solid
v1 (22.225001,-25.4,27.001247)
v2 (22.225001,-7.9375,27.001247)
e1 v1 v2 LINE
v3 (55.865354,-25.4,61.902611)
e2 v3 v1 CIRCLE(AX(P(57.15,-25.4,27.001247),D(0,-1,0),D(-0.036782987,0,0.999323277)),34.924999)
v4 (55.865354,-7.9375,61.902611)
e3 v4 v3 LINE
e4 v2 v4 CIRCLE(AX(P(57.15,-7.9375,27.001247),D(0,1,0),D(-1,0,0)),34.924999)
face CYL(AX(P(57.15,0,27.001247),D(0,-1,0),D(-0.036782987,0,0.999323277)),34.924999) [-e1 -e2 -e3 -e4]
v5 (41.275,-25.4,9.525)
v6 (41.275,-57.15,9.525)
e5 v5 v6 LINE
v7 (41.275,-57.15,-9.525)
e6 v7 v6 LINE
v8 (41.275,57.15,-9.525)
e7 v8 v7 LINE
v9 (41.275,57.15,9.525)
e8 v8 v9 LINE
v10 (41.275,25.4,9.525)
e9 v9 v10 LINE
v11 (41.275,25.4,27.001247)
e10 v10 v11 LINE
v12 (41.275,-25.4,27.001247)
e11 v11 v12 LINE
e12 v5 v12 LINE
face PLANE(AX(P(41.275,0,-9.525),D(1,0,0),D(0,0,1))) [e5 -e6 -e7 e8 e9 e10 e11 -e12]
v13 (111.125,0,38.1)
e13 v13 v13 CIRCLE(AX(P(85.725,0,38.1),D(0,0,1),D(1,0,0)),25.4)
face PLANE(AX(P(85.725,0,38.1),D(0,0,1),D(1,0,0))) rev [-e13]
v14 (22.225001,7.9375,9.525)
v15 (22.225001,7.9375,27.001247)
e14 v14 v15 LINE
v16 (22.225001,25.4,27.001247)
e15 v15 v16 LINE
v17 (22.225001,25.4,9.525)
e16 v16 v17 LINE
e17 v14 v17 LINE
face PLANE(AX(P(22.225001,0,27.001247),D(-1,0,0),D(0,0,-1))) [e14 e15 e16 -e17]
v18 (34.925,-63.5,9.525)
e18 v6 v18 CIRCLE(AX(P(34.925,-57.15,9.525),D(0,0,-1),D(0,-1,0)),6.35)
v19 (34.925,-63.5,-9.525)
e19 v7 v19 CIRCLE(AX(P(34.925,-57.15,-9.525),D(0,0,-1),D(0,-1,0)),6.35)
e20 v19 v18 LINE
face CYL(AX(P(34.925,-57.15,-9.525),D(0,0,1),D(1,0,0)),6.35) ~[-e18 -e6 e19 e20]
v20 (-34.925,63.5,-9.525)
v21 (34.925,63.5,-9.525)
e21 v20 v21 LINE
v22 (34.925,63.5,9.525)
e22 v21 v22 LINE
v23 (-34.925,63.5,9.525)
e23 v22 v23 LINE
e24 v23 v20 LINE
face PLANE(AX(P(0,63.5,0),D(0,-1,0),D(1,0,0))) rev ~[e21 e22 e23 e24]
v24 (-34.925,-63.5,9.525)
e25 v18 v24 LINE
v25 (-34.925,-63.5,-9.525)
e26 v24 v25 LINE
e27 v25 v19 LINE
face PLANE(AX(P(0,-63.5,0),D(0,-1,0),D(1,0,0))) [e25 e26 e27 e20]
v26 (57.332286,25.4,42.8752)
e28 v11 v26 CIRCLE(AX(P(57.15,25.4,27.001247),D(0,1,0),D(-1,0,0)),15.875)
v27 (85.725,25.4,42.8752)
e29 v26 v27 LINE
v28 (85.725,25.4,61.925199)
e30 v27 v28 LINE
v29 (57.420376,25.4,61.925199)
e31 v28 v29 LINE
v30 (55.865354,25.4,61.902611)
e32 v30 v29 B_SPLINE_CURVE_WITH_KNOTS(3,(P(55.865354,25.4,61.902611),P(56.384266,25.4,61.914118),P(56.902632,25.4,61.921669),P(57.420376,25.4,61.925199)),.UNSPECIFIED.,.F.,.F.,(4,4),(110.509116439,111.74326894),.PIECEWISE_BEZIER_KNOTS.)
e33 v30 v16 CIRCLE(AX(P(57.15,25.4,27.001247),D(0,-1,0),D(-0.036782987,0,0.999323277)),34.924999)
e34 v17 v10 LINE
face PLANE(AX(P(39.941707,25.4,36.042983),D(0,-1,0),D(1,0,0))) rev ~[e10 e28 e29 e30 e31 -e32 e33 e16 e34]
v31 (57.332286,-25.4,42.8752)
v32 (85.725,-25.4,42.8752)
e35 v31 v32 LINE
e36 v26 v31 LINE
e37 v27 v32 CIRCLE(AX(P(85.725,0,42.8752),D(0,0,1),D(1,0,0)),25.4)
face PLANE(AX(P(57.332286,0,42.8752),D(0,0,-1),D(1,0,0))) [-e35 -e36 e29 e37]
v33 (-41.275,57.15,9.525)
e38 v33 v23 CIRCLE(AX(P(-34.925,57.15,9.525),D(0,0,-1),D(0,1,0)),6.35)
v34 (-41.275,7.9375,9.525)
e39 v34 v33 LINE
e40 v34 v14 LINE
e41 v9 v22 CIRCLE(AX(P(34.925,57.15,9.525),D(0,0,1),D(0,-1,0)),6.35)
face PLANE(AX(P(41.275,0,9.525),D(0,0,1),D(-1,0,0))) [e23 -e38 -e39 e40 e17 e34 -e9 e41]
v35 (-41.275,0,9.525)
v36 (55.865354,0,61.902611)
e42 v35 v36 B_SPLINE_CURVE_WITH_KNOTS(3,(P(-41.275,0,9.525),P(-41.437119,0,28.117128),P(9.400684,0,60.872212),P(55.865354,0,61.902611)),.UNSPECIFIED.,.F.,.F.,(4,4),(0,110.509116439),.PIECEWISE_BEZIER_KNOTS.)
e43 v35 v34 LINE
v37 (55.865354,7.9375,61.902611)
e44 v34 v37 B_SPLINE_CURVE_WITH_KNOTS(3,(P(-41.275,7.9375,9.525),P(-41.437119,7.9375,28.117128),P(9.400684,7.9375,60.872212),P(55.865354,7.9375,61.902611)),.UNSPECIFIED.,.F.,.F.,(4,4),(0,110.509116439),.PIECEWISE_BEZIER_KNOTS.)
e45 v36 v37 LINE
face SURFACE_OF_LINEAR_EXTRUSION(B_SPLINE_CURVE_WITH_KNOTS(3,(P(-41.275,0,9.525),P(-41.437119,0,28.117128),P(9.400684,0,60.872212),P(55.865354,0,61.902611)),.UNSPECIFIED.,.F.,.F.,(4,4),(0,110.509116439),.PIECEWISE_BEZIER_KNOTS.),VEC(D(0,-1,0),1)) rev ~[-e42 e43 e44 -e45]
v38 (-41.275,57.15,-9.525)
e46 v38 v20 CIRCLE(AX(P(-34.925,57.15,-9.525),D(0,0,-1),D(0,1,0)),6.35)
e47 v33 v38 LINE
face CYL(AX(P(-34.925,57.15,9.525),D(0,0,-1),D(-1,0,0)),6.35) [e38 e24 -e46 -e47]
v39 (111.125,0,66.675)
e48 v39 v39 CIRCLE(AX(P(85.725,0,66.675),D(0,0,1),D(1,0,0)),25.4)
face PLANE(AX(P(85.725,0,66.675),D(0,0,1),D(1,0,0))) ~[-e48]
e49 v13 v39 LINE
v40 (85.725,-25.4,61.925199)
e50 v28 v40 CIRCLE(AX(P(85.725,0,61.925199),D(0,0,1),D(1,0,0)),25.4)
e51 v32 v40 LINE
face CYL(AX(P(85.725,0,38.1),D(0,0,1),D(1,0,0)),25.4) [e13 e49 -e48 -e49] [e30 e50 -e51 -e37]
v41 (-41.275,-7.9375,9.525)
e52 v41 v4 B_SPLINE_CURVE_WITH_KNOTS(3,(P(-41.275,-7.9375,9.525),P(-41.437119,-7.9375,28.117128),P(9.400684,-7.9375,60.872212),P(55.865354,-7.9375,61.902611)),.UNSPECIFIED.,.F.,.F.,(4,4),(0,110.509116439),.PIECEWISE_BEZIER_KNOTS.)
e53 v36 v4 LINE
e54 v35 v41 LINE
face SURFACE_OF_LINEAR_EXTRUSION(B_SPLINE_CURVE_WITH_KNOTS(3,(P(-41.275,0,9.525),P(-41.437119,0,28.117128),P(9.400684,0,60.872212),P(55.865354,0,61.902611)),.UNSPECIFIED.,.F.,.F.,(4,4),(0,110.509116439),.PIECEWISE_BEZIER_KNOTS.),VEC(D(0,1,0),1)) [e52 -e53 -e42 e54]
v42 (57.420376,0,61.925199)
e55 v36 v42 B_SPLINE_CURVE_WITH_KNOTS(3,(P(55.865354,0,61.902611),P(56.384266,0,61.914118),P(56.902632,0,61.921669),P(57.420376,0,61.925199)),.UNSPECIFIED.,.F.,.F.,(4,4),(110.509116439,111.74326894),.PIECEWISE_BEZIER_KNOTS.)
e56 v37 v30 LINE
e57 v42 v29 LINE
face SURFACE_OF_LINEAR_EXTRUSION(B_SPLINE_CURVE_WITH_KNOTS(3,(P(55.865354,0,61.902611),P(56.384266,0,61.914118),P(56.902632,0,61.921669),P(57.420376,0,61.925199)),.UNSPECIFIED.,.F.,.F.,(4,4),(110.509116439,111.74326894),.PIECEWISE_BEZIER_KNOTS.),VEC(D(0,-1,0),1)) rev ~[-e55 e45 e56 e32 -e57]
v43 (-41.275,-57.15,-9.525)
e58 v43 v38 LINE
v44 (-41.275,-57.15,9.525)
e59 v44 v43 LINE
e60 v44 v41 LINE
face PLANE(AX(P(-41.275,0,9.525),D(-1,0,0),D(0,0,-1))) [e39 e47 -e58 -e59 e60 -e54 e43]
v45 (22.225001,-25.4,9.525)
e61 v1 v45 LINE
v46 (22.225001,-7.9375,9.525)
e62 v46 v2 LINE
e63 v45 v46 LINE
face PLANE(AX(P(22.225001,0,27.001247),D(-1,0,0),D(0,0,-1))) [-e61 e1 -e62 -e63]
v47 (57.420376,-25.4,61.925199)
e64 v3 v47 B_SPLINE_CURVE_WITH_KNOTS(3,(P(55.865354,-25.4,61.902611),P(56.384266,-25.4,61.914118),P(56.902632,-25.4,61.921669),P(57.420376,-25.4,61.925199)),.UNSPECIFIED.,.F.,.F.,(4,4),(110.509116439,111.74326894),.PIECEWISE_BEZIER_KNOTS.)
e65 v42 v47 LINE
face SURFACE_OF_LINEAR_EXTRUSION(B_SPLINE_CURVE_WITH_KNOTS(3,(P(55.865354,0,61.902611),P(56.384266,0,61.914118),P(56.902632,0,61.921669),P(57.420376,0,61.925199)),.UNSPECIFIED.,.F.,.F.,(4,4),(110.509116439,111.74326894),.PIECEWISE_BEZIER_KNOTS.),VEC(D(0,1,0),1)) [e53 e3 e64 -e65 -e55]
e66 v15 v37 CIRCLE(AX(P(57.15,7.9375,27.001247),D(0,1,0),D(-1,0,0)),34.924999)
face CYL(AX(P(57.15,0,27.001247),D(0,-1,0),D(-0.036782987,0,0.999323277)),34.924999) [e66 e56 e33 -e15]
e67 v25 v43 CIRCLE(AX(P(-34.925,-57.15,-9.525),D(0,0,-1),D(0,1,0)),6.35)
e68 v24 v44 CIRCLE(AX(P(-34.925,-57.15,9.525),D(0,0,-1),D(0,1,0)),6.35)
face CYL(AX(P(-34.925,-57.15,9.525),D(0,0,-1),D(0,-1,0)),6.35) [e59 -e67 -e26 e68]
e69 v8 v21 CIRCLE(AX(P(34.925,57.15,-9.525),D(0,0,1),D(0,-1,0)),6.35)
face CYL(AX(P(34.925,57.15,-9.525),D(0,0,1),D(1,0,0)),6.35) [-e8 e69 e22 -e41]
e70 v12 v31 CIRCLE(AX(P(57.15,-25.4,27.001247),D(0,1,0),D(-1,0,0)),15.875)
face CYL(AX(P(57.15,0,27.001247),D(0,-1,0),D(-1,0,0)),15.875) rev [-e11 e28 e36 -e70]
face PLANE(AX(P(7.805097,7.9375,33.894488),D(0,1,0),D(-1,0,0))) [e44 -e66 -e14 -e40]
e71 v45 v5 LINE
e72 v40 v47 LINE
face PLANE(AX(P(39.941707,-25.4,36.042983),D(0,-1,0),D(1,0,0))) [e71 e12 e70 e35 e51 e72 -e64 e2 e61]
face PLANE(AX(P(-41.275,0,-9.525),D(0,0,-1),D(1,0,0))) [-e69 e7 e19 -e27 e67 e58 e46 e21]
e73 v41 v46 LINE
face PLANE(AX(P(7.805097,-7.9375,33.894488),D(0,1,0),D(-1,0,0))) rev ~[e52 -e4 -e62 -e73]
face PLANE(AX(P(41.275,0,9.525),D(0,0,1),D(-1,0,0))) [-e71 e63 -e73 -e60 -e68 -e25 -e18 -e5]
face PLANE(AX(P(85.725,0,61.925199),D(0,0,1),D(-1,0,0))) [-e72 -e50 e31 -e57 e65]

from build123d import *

# Parameters (mm, degrees)
F1_DEPTH = 63.5
F0_W     = 25.4
F0_H     = 19.0499988828
F2_DEPTH = 25.4
F3_DEPTH = 7.9375
F0_H_2   = 4.7498011172
F5_R     = 6.35


with BuildPart() as f1:
    # F0 (on Front) → F1 (new body, symmetric)
    with BuildSketch(Plane.XZ):
        Polygon((-41.275, -9.525), (41.275, -9.525), (41.275, 9.525), (22.2250011172, 9.525), (-41.275, 9.525), align=None)
    extrude(amount=F1_DEPTH, both=True)

    # F0 (on Front) → F2 (join, symmetric)
    with BuildSketch(Plane.XZ):
        with BuildLine():
            Line((22.2250011172, 9.525), (41.275, 9.525))
            Line((41.275, 9.525), (41.275, 27.0012465922))
            ThreePointArc((41.275, 27.0012465922), (45.989313778, 38.2908306436), (57.332286054, 42.8752))
            Line((57.332286054, 42.8752), (60.325, 42.8752))
            Line((60.325, 42.8752), (60.325, 61.9251988828))
            Line((60.325, 61.9251988828), (57.420376338, 61.9251988828))
            add(Edge.make_bspline(
                [(55.8653542089, 61.902610923), (56.3842660516, 61.9141182995), (56.9026324706, 61.9216689247), (57.420376338, 61.9251988828)],
                knots=[110.5091164391, 110.5091164391, 110.5091164391, 110.5091164391, 111.7432689403, 111.7432689403, 111.7432689403, 111.7432689403], degree=3))
            ThreePointArc((55.8653542089, 61.902610923), (32.0042071135, 51.2385040086), (22.2250011172, 27.0012465922))
            Line((22.2250011172, 27.0012465922), (22.2250011172, 9.525))
        make_face()
        with Locations((73.025, 52.4001994414)):
            Rectangle(F0_W, F0_H)
    extrude(amount=F2_DEPTH, both=True)

    # F0 (on Front) → F3 (join, symmetric)
    with BuildSketch(Plane.XZ):
        with BuildLine():
            add(Edge.make_bspline(
                [(-41.275, 9.525), (-41.4371192088, 28.1171277164), (9.4006837592, 60.8722115153), (55.8653542089, 61.902610923)],
                knots=[0, 0, 0, 0, 110.5091164391, 110.5091164391, 110.5091164391, 110.5091164391], degree=3))
            Line((-41.275, 9.525), (22.2250011172, 9.525))
            Line((22.2250011172, 9.525), (22.2250011172, 27.0012465922))
            ThreePointArc((22.2250011172, 27.0012465922), (32.0042071135, 51.2385040086), (55.8653542089, 61.902610923))
        make_face()
    extrude(amount=F3_DEPTH, both=True)

    # F0 (on Front) → F4 (revolve)
    with BuildSketch(Plane.XZ):
        with Locations((98.425, 64.3000994414)):
            Rectangle(F0_W, F0_H_2)
        Polygon((85.725, 61.9251988828), (85.725, 42.8752), (85.725, 38.1), (111.125, 38.1), (111.125, 61.9251988828), align=None)
    revolve(axis=Axis((85.725, 0, 52.3875), (0, 0, 1)))

    # F5
    f5_edges = [f1.edges().sort_by_distance(p)[0] for p in [
        (-41.275, -63.5, 0),
        (41.275, -63.5, 0),
        (41.275, 63.5, 0),
        (-41.275, 63.5, 0),
    ]]
    fillet(f5_edges, radius=F5_R)


solid = f1.part
